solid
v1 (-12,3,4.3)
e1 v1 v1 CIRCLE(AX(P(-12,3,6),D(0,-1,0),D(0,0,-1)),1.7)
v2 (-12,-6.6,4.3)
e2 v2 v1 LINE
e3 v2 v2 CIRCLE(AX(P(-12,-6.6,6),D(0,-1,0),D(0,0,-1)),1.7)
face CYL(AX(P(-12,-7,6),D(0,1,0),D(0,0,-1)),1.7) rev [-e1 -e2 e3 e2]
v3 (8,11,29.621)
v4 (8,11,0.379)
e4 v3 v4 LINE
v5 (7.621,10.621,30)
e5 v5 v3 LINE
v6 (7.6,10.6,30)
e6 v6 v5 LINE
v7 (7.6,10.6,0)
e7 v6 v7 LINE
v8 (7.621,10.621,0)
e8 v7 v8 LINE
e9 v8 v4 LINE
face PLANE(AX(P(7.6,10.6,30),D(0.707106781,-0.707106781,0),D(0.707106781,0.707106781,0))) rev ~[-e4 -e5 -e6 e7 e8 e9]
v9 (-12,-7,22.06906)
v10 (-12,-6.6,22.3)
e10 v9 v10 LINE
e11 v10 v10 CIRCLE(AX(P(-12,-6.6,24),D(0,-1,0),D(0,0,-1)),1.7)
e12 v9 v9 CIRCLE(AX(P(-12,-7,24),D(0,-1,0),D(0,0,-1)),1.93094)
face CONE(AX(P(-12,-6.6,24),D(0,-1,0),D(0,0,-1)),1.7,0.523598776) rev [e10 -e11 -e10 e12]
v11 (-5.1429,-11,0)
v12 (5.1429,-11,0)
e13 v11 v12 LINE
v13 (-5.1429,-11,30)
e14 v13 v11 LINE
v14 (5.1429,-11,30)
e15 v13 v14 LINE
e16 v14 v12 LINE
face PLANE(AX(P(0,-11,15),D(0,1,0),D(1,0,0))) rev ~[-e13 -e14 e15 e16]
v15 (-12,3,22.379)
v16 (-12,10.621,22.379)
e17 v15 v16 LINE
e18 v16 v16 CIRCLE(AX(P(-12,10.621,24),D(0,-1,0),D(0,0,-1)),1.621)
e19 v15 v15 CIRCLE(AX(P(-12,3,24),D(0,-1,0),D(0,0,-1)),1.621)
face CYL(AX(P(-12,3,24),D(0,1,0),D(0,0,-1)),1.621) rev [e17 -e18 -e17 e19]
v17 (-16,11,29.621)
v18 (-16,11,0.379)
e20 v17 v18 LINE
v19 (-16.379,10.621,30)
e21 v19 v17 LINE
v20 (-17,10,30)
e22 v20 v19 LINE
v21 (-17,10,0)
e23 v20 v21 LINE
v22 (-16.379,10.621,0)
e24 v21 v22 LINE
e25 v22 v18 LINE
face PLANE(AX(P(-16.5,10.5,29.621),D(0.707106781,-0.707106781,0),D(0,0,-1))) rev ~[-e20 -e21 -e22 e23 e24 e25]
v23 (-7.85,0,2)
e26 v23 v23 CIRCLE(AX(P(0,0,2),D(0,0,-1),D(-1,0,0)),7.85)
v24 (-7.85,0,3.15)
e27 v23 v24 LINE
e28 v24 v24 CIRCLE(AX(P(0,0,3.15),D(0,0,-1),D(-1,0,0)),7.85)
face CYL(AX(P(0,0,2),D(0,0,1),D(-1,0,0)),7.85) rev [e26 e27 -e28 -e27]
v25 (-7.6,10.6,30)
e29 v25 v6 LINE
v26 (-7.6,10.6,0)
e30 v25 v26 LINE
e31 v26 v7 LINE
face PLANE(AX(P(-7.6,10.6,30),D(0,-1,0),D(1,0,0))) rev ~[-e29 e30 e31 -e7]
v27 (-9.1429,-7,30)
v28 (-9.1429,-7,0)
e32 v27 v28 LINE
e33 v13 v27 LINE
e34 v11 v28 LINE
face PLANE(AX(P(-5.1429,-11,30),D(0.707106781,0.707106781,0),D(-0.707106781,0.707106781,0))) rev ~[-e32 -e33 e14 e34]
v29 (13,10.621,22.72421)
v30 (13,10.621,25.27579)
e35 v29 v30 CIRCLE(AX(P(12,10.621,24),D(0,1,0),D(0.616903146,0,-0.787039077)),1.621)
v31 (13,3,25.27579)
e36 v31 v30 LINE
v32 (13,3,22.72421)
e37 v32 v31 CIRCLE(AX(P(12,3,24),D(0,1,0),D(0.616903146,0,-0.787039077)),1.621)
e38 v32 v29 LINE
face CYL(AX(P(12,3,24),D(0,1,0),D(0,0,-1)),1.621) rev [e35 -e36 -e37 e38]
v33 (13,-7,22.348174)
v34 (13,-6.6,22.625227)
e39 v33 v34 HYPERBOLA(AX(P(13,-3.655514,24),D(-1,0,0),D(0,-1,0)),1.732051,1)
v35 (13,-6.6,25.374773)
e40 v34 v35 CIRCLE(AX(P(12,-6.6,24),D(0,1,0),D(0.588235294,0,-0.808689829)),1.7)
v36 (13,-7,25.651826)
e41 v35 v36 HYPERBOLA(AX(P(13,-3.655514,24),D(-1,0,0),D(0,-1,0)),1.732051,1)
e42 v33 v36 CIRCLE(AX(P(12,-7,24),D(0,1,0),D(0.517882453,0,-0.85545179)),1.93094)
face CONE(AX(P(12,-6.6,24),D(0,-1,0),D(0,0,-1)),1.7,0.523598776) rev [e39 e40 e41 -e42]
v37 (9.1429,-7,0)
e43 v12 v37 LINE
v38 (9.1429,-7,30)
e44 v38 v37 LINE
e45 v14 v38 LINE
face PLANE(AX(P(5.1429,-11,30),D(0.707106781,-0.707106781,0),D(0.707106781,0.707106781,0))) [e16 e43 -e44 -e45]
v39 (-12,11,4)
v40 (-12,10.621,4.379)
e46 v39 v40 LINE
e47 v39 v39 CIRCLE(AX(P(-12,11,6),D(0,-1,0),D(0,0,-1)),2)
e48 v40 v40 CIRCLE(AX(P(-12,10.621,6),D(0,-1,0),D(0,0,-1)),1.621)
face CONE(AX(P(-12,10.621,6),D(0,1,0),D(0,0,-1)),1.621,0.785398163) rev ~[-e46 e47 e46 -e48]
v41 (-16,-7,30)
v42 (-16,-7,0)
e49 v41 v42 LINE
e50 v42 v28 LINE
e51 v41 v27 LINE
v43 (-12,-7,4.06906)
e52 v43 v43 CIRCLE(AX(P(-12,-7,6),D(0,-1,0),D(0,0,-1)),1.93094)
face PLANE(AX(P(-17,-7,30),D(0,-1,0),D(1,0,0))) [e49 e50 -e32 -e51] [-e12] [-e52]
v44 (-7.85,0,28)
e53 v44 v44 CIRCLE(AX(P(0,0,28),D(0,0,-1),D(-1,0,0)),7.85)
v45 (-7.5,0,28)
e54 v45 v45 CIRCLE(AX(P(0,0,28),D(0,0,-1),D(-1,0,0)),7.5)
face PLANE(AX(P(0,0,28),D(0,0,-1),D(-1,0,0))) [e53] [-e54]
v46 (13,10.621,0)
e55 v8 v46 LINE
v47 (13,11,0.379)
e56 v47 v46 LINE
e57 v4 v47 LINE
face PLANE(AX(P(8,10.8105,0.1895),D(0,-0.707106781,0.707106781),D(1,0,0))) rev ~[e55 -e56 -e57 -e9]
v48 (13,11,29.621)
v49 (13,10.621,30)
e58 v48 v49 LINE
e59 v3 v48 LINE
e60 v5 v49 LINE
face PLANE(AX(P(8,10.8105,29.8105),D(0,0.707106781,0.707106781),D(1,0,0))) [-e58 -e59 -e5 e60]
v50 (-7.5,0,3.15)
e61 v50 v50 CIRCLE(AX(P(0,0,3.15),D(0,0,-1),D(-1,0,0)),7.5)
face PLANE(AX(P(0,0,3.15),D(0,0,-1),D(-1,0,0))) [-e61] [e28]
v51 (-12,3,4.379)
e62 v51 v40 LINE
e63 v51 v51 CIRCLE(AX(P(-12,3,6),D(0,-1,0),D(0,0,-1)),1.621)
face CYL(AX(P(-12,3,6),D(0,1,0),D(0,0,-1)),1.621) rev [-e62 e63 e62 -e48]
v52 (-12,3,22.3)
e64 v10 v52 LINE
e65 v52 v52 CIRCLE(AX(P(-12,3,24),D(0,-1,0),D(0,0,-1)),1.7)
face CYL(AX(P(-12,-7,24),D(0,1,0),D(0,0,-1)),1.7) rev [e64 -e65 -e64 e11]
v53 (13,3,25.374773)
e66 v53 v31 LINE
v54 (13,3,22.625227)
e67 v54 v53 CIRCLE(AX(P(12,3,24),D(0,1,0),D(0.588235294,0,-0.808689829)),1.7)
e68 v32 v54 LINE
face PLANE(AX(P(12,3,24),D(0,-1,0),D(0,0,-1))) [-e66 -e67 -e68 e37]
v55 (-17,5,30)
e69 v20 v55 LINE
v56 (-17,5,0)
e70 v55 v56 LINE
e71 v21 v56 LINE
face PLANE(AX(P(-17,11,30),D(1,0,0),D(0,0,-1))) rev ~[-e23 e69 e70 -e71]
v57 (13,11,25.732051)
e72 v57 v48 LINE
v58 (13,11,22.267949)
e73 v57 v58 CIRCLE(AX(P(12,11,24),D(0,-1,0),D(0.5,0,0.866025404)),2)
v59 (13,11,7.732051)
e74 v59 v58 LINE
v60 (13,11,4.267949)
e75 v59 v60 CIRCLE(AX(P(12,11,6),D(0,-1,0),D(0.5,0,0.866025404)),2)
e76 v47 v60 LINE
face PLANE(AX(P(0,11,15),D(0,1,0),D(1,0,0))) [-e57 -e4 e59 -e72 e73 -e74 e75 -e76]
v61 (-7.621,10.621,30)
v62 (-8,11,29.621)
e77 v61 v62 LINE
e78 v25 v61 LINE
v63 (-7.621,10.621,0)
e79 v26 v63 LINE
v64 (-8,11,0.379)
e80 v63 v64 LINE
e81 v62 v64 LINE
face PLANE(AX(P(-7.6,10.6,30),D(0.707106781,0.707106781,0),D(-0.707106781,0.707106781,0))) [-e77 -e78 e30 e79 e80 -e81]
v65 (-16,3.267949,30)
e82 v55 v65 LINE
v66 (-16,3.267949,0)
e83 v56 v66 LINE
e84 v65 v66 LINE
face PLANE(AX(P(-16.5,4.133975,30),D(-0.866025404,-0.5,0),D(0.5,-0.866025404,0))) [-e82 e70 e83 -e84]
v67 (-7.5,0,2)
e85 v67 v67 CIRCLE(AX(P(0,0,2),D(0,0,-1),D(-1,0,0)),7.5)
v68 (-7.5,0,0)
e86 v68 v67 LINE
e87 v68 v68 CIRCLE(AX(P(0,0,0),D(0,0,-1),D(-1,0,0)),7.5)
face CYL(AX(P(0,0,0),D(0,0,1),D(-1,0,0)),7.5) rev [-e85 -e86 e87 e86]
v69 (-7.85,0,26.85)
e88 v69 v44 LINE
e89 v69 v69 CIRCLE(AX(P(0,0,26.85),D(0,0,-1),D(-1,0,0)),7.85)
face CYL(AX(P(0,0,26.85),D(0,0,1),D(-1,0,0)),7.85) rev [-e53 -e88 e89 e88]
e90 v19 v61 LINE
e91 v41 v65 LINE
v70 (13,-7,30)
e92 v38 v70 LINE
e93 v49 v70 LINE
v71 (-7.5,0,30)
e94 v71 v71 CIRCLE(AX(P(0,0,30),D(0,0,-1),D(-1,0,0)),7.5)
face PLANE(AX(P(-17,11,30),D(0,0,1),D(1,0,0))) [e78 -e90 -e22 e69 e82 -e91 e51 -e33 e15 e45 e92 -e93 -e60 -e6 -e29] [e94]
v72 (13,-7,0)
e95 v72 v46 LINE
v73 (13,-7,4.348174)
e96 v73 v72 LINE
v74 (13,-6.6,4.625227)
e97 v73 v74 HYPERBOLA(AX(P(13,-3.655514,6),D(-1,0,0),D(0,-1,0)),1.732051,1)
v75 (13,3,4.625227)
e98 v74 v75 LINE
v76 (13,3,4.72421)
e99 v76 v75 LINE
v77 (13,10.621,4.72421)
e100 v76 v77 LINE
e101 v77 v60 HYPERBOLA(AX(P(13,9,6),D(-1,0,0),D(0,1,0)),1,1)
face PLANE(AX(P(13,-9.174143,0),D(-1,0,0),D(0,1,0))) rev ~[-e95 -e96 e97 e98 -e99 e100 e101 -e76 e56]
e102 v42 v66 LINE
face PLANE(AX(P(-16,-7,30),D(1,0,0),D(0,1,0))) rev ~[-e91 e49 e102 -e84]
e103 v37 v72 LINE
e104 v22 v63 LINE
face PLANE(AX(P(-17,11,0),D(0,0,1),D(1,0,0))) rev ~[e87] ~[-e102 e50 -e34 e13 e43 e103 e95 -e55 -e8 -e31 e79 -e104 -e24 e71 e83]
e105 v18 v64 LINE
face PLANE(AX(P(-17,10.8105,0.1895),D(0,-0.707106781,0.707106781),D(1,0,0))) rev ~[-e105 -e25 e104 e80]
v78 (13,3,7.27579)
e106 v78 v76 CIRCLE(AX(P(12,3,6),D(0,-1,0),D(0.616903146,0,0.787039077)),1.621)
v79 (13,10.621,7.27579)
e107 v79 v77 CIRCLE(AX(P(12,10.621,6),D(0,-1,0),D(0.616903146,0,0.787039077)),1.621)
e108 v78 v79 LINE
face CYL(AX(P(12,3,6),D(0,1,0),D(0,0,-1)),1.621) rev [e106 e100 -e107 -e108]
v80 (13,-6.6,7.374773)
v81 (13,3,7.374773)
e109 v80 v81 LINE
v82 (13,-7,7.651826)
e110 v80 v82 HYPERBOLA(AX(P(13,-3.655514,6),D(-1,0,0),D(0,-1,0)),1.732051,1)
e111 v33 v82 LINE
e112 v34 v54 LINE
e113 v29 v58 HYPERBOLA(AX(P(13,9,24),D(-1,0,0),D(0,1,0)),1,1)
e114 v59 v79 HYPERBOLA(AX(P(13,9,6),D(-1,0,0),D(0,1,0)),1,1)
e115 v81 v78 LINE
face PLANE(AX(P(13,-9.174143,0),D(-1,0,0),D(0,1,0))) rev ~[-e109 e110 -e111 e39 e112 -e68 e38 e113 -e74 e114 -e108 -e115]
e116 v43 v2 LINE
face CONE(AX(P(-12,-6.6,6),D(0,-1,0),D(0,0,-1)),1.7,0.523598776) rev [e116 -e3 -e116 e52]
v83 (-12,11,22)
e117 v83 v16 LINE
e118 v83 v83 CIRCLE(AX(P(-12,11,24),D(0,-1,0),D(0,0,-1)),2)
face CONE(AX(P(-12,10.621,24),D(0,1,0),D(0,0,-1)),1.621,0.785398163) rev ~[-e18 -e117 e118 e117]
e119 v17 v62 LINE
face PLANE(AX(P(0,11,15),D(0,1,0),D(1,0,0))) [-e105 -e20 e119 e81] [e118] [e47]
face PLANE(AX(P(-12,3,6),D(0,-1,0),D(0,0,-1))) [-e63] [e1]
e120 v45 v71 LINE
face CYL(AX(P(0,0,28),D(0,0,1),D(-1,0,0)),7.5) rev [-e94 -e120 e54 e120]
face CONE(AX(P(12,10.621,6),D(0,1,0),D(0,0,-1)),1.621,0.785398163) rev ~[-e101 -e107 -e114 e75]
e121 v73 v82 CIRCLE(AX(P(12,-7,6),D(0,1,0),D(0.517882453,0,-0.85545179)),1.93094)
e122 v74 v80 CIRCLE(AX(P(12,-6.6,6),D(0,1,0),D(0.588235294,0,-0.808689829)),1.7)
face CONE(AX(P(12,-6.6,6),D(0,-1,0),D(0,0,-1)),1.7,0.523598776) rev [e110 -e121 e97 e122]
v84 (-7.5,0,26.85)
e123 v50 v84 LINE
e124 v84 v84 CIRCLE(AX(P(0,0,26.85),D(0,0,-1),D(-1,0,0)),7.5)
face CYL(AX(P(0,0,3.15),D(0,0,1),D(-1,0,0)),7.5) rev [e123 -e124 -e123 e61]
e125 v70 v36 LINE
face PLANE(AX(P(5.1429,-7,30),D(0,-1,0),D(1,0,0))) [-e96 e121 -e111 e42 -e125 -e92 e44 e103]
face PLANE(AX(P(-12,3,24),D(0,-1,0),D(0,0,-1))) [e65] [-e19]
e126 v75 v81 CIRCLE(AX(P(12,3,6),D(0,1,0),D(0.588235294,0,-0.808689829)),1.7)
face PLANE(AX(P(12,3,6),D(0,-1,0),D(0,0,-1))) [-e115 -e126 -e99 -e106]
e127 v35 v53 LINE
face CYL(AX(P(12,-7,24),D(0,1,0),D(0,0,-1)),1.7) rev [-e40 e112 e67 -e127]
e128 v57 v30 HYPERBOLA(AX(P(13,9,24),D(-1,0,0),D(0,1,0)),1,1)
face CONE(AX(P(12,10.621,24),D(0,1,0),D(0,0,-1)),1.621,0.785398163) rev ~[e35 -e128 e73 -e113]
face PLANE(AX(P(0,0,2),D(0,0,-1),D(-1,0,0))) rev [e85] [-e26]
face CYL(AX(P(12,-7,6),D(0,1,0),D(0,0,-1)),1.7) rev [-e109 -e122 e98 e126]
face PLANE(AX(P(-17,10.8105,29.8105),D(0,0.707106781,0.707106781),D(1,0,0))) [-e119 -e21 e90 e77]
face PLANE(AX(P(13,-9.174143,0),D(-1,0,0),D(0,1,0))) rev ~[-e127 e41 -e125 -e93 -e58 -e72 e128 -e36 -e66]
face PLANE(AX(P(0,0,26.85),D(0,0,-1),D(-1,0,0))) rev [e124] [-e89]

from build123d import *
from OCP.BRepFilletAPI import BRepFilletAPI_MakeChamfer

# Parameters (mm, degrees)
SCHIZZO1_W                   = 34
SCHIZZO1_H                   = 30
ESTRUSIONE_ESTRUSIONE1_DEPTH = 22
SCHIZZO2_W                   = 1
SCHIZZO2_H                   = 14.267949192
TAGLIO_ESTRUSIONE1_DEPTH     = 37.193922142
SCHIZZO3_W                   = 10.8571
SCHIZZO3_H                   = 4
TAGLIO_ESTRUSIONE2_DEPTH     = 37.193922142
SCHIZZO4_W                   = 11.8571
SCHIZZO4_H                   = 4
TAGLIO_ESTRUSIONE3_DEPTH     = 37.193922142
SCHIZZO5_W                   = 1
SCHIZZO5_H                   = 10.267949192
TAGLIO_ESTRUSIONE4_DEPTH     = 37.193922142
SCHIZZO6_W                   = 15.2
SCHIZZO6_H                   = 0.4
TAGLIO_ESTRUSIONE5_DEPTH     = 37.193922142
SFORMO1_ANGLE                = 60
SFORMO2_ANGLE                = 60
SFORMO3_ANGLE                = 45
SFORMO4_ANGLE                = 45
SMUSSO1_SIZE                 = 0.230940108
SMUSSO1_SIZE2                = 0.4
SMUSSO2_SIZE                 = 0.379
SMUSSO3_SIZE                 = 1
SCHIZZO13_W                  = 7.577824215
SCHIZZO13_H                  = 21.931685432
TAGLIO_ESTRUSIONE6_DEPTH     = 37.193922142


with BuildPart() as part:
    # Schizzo1 → Estrusione-Estrusione1 (new body)
    with BuildSketch(Plane(origin=(0, 11, 0), x_dir=(1, 0, 0), z_dir=(0, 1, 0))):
        with Locations((0, -15)):
            Rectangle(SCHIZZO1_W, SCHIZZO1_H)
    extrude(amount=-ESTRUSIONE_ESTRUSIONE1_DEPTH)

    # Schizzo2 → Taglio-Estrusione1 (cut, through all)
    with BuildSketch(Plane.XY.offset(30)):
        with Locations((16.5, -3.866025404)):
            Rectangle(SCHIZZO2_W, SCHIZZO2_H)
    extrude(amount=-TAGLIO_ESTRUSIONE1_DEPTH, mode=Mode.SUBTRACT)

    # Schizzo3 → Taglio-Estrusione2 (cut, through all)
    with BuildSketch(Plane.XY.offset(30)):
        with Locations((10.57145, -9)):
            Rectangle(SCHIZZO3_W, SCHIZZO3_H)
    extrude(amount=-TAGLIO_ESTRUSIONE2_DEPTH, mode=Mode.SUBTRACT)

    # Schizzo4 → Taglio-Estrusione3 (cut, through all)
    with BuildSketch(Plane.XY.offset(30)):
        with Locations((-11.07145, -9)):
            Rectangle(SCHIZZO4_W, SCHIZZO4_H)
    extrude(amount=-TAGLIO_ESTRUSIONE3_DEPTH, mode=Mode.SUBTRACT)

    # Schizzo5 → Taglio-Estrusione4 (cut, through all)
    with BuildSketch(Plane.XY.offset(30)):
        with Locations((-16.5, -1.866025404)):
            Rectangle(SCHIZZO5_W, SCHIZZO5_H)
    extrude(amount=-TAGLIO_ESTRUSIONE4_DEPTH, mode=Mode.SUBTRACT)

    # Schizzo6 → Taglio-Estrusione5 (cut, through all)
    with BuildSketch(Plane.XY.offset(30)):
        with Locations((0, 10.8)):
            Rectangle(SCHIZZO6_W, SCHIZZO6_H)
    extrude(amount=-TAGLIO_ESTRUSIONE5_DEPTH, mode=Mode.SUBTRACT)

    # Sformo1
    sformo1_faces = [part.faces().sort_by_distance(p)[0] for p in [
        (16.5, 3.267949192, 15),
    ]]
    draft(sformo1_faces, Plane(origin=(16, 3.267949192, 0), x_dir=(0, 0, 1), z_dir=(1, 0, 0)), SFORMO1_ANGLE)

    # Sformo2
    sformo2_faces = [part.faces().sort_by_distance(p)[0] for p in [
        (-16.5, 3.267949192, 15),
    ]]
    draft(sformo2_faces, Plane(origin=(-16, -7, 0), x_dir=(0, 0, -1), z_dir=(-1, 0, 0)), SFORMO2_ANGLE)

    # Sformo3
    sformo3_faces = [part.faces().sort_by_distance(p)[0] for p in [
        (5.1429, -9, 15),
        (-5.1429, -9, 15),
    ]]
    draft(sformo3_faces, Plane(origin=(0, -11, 0), x_dir=(0, 0, -1), z_dir=(0, -1, 0)), SFORMO3_ANGLE)

    # Sformo4
    sformo4_faces = [part.faces().sort_by_distance(p)[0] for p in [
        (-7.6, 10.8, 15),
        (7.6, 10.8, 15),
    ]]
    draft(sformo4_faces, Plane(origin=(-7.6, 10.6, 0), x_dir=(1, 0, 0), z_dir=(0, 1, 0)), SFORMO4_ANGLE)

    # Schizzo7 → Taglia-Rivoluzione1 (revolve, cut)
    with BuildSketch(Plane.XZ, mode=Mode.PRIVATE) as taglia_rivoluzione1_sk:
        Polygon((7.5, 30), (0, 30), (0, 0), (7.5, 0), (7.5, 2), (7.85, 2), (7.85, 3.15), (7.5, 3.15), (7.5, 26.85), (7.85, 26.85), (7.85, 28), (7.5, 28), align=None)
    revolve(taglia_rivoluzione1_sk.sketch.rotate(Axis((0, 0, 30), (0, 0, -1)), 180), axis=Axis((0, 0, 30), (0, 0, -1)), mode=Mode.SUBTRACT)

    # Schizzo8 → Taglia-Rivoluzione2 (revolve, cut)
    with BuildSketch(Plane.XY.offset(6), mode=Mode.PRIVATE) as taglia_rivoluzione2_sk:
        Polygon((-10.379, 11), (-12, 11), (-12, -7), (-10.3, -7), (-10.3, 3), (-10.379, 3), align=None)
    revolve(taglia_rivoluzione2_sk.sketch.rotate(Axis((-12, 11, 6), (0, -1, 0)), 270), axis=Axis((-12, 11, 6), (0, -1, 0)), mode=Mode.SUBTRACT)

    # Schizzo9 → Taglia-Rivoluzione3 (revolve, cut)
    with BuildSketch(Plane.XY.offset(24), mode=Mode.PRIVATE) as taglia_rivoluzione3_sk:
        Polygon((-10.379, 11), (-12, 11), (-12, -7), (-10.3, -7), (-10.3, 3), (-10.379, 3), align=None)
    revolve(taglia_rivoluzione3_sk.sketch.rotate(Axis((-12, 11, 24), (0, -1, 0)), 270), axis=Axis((-12, 11, 24), (0, -1, 0)), mode=Mode.SUBTRACT)

    # Schizzo10 → Taglia-Rivoluzione4 (revolve, cut)
    with BuildSketch(Plane.XY.offset(6), mode=Mode.PRIVATE) as taglia_rivoluzione4_sk:
        Polygon((13.621, 11), (12, 11), (12, -7), (13.7, -7), (13.7, 3), (13.621, 3), align=None)
    revolve(taglia_rivoluzione4_sk.sketch.rotate(Axis((12, 11, 6), (0, -1, 0)), 270), axis=Axis((12, 11, 6), (0, -1, 0)), mode=Mode.SUBTRACT)

    # Schizzo11 → Taglia-Rivoluzione5 (revolve, cut)
    with BuildSketch(Plane.XY.offset(24), mode=Mode.PRIVATE) as taglia_rivoluzione5_sk:
        Polygon((13.621, 11), (12, 11), (12, -7), (13.7, -7), (13.7, 3), (13.621, 3), align=None)
    revolve(taglia_rivoluzione5_sk.sketch.rotate(Axis((12, 11, 24), (0, -1, 0)), 270), axis=Axis((12, 11, 24), (0, -1, 0)), mode=Mode.SUBTRACT)

    # Smusso1: one chamfer whose edges measure the first distance from different faces: ONE call of the kernel's chamfer builder (chamfer() names one face for all edges)
    smusso1_edges_1 = [part.edges().sort_by_distance(p)[0] for p in [
        (-12, -7, 7.7),
        (-12, -7, 25.7),
    ]]
    smusso1_side_1 = [part.faces().sort_by_distance(p)[0] for p in [
        (-12.626775869, -7, 15),
    ]]
    smusso1_edges_2 = [part.edges().sort_by_distance(p)[0] for p in [
        (12, -7, 7.7),
        (12, -7, 25.7),
    ]]
    smusso1_side_2 = [part.faces().sort_by_distance(p)[0] for p in [
        (12.626775869, -7, 15),
    ]]
    smusso1 = BRepFilletAPI_MakeChamfer(part.part.solid().wrapped)
    for e in smusso1_edges_1:
        smusso1.Add(SMUSSO1_SIZE, SMUSSO1_SIZE2, e.wrapped, smusso1_side_1[0].wrapped)  # the first distance lies on this face
    for e in smusso1_edges_2:
        smusso1.Add(SMUSSO1_SIZE, SMUSSO1_SIZE2, e.wrapped, smusso1_side_2[0].wrapped)  # the first distance lies on this face
    add(Compound.cast(smusso1.Shape()), mode=Mode.REPLACE)

    # Smusso2
    smusso2_edges = [part.edges().sort_by_distance(p)[0] for p in [
        (-12, 11, 7.621),
        (-12, 11, 25.621),
        (12, 11, 7.621),
        (12, 11, 25.621),
        (-12.5, 11, 30),
        (12.5, 11, 0),
        (-12.5, 11, 0),
        (12.5, 11, 30),
    ]]
    chamfer(smusso2_edges, length=SMUSSO2_SIZE)

    # Smusso3
    smusso3_edges = [part.edges().sort_by_distance(p)[0] for p in [
        (17, 11, 15),
        (-17, 11, 15),
    ]]
    chamfer(smusso3_edges, length=SMUSSO3_SIZE)

    # Schizzo13 → Taglio-Estrusione6 (cut, through all)
    with BuildSketch(Plane(origin=(0, 0, 0), x_dir=(-1, 0, 0), z_dir=(0, 0, -1))):
        with Locations((-16.788912107, 1.791699595)):
            Rectangle(SCHIZZO13_W, SCHIZZO13_H)
    extrude(amount=-TAGLIO_ESTRUSIONE6_DEPTH, mode=Mode.SUBTRACT)


solid = part.part
